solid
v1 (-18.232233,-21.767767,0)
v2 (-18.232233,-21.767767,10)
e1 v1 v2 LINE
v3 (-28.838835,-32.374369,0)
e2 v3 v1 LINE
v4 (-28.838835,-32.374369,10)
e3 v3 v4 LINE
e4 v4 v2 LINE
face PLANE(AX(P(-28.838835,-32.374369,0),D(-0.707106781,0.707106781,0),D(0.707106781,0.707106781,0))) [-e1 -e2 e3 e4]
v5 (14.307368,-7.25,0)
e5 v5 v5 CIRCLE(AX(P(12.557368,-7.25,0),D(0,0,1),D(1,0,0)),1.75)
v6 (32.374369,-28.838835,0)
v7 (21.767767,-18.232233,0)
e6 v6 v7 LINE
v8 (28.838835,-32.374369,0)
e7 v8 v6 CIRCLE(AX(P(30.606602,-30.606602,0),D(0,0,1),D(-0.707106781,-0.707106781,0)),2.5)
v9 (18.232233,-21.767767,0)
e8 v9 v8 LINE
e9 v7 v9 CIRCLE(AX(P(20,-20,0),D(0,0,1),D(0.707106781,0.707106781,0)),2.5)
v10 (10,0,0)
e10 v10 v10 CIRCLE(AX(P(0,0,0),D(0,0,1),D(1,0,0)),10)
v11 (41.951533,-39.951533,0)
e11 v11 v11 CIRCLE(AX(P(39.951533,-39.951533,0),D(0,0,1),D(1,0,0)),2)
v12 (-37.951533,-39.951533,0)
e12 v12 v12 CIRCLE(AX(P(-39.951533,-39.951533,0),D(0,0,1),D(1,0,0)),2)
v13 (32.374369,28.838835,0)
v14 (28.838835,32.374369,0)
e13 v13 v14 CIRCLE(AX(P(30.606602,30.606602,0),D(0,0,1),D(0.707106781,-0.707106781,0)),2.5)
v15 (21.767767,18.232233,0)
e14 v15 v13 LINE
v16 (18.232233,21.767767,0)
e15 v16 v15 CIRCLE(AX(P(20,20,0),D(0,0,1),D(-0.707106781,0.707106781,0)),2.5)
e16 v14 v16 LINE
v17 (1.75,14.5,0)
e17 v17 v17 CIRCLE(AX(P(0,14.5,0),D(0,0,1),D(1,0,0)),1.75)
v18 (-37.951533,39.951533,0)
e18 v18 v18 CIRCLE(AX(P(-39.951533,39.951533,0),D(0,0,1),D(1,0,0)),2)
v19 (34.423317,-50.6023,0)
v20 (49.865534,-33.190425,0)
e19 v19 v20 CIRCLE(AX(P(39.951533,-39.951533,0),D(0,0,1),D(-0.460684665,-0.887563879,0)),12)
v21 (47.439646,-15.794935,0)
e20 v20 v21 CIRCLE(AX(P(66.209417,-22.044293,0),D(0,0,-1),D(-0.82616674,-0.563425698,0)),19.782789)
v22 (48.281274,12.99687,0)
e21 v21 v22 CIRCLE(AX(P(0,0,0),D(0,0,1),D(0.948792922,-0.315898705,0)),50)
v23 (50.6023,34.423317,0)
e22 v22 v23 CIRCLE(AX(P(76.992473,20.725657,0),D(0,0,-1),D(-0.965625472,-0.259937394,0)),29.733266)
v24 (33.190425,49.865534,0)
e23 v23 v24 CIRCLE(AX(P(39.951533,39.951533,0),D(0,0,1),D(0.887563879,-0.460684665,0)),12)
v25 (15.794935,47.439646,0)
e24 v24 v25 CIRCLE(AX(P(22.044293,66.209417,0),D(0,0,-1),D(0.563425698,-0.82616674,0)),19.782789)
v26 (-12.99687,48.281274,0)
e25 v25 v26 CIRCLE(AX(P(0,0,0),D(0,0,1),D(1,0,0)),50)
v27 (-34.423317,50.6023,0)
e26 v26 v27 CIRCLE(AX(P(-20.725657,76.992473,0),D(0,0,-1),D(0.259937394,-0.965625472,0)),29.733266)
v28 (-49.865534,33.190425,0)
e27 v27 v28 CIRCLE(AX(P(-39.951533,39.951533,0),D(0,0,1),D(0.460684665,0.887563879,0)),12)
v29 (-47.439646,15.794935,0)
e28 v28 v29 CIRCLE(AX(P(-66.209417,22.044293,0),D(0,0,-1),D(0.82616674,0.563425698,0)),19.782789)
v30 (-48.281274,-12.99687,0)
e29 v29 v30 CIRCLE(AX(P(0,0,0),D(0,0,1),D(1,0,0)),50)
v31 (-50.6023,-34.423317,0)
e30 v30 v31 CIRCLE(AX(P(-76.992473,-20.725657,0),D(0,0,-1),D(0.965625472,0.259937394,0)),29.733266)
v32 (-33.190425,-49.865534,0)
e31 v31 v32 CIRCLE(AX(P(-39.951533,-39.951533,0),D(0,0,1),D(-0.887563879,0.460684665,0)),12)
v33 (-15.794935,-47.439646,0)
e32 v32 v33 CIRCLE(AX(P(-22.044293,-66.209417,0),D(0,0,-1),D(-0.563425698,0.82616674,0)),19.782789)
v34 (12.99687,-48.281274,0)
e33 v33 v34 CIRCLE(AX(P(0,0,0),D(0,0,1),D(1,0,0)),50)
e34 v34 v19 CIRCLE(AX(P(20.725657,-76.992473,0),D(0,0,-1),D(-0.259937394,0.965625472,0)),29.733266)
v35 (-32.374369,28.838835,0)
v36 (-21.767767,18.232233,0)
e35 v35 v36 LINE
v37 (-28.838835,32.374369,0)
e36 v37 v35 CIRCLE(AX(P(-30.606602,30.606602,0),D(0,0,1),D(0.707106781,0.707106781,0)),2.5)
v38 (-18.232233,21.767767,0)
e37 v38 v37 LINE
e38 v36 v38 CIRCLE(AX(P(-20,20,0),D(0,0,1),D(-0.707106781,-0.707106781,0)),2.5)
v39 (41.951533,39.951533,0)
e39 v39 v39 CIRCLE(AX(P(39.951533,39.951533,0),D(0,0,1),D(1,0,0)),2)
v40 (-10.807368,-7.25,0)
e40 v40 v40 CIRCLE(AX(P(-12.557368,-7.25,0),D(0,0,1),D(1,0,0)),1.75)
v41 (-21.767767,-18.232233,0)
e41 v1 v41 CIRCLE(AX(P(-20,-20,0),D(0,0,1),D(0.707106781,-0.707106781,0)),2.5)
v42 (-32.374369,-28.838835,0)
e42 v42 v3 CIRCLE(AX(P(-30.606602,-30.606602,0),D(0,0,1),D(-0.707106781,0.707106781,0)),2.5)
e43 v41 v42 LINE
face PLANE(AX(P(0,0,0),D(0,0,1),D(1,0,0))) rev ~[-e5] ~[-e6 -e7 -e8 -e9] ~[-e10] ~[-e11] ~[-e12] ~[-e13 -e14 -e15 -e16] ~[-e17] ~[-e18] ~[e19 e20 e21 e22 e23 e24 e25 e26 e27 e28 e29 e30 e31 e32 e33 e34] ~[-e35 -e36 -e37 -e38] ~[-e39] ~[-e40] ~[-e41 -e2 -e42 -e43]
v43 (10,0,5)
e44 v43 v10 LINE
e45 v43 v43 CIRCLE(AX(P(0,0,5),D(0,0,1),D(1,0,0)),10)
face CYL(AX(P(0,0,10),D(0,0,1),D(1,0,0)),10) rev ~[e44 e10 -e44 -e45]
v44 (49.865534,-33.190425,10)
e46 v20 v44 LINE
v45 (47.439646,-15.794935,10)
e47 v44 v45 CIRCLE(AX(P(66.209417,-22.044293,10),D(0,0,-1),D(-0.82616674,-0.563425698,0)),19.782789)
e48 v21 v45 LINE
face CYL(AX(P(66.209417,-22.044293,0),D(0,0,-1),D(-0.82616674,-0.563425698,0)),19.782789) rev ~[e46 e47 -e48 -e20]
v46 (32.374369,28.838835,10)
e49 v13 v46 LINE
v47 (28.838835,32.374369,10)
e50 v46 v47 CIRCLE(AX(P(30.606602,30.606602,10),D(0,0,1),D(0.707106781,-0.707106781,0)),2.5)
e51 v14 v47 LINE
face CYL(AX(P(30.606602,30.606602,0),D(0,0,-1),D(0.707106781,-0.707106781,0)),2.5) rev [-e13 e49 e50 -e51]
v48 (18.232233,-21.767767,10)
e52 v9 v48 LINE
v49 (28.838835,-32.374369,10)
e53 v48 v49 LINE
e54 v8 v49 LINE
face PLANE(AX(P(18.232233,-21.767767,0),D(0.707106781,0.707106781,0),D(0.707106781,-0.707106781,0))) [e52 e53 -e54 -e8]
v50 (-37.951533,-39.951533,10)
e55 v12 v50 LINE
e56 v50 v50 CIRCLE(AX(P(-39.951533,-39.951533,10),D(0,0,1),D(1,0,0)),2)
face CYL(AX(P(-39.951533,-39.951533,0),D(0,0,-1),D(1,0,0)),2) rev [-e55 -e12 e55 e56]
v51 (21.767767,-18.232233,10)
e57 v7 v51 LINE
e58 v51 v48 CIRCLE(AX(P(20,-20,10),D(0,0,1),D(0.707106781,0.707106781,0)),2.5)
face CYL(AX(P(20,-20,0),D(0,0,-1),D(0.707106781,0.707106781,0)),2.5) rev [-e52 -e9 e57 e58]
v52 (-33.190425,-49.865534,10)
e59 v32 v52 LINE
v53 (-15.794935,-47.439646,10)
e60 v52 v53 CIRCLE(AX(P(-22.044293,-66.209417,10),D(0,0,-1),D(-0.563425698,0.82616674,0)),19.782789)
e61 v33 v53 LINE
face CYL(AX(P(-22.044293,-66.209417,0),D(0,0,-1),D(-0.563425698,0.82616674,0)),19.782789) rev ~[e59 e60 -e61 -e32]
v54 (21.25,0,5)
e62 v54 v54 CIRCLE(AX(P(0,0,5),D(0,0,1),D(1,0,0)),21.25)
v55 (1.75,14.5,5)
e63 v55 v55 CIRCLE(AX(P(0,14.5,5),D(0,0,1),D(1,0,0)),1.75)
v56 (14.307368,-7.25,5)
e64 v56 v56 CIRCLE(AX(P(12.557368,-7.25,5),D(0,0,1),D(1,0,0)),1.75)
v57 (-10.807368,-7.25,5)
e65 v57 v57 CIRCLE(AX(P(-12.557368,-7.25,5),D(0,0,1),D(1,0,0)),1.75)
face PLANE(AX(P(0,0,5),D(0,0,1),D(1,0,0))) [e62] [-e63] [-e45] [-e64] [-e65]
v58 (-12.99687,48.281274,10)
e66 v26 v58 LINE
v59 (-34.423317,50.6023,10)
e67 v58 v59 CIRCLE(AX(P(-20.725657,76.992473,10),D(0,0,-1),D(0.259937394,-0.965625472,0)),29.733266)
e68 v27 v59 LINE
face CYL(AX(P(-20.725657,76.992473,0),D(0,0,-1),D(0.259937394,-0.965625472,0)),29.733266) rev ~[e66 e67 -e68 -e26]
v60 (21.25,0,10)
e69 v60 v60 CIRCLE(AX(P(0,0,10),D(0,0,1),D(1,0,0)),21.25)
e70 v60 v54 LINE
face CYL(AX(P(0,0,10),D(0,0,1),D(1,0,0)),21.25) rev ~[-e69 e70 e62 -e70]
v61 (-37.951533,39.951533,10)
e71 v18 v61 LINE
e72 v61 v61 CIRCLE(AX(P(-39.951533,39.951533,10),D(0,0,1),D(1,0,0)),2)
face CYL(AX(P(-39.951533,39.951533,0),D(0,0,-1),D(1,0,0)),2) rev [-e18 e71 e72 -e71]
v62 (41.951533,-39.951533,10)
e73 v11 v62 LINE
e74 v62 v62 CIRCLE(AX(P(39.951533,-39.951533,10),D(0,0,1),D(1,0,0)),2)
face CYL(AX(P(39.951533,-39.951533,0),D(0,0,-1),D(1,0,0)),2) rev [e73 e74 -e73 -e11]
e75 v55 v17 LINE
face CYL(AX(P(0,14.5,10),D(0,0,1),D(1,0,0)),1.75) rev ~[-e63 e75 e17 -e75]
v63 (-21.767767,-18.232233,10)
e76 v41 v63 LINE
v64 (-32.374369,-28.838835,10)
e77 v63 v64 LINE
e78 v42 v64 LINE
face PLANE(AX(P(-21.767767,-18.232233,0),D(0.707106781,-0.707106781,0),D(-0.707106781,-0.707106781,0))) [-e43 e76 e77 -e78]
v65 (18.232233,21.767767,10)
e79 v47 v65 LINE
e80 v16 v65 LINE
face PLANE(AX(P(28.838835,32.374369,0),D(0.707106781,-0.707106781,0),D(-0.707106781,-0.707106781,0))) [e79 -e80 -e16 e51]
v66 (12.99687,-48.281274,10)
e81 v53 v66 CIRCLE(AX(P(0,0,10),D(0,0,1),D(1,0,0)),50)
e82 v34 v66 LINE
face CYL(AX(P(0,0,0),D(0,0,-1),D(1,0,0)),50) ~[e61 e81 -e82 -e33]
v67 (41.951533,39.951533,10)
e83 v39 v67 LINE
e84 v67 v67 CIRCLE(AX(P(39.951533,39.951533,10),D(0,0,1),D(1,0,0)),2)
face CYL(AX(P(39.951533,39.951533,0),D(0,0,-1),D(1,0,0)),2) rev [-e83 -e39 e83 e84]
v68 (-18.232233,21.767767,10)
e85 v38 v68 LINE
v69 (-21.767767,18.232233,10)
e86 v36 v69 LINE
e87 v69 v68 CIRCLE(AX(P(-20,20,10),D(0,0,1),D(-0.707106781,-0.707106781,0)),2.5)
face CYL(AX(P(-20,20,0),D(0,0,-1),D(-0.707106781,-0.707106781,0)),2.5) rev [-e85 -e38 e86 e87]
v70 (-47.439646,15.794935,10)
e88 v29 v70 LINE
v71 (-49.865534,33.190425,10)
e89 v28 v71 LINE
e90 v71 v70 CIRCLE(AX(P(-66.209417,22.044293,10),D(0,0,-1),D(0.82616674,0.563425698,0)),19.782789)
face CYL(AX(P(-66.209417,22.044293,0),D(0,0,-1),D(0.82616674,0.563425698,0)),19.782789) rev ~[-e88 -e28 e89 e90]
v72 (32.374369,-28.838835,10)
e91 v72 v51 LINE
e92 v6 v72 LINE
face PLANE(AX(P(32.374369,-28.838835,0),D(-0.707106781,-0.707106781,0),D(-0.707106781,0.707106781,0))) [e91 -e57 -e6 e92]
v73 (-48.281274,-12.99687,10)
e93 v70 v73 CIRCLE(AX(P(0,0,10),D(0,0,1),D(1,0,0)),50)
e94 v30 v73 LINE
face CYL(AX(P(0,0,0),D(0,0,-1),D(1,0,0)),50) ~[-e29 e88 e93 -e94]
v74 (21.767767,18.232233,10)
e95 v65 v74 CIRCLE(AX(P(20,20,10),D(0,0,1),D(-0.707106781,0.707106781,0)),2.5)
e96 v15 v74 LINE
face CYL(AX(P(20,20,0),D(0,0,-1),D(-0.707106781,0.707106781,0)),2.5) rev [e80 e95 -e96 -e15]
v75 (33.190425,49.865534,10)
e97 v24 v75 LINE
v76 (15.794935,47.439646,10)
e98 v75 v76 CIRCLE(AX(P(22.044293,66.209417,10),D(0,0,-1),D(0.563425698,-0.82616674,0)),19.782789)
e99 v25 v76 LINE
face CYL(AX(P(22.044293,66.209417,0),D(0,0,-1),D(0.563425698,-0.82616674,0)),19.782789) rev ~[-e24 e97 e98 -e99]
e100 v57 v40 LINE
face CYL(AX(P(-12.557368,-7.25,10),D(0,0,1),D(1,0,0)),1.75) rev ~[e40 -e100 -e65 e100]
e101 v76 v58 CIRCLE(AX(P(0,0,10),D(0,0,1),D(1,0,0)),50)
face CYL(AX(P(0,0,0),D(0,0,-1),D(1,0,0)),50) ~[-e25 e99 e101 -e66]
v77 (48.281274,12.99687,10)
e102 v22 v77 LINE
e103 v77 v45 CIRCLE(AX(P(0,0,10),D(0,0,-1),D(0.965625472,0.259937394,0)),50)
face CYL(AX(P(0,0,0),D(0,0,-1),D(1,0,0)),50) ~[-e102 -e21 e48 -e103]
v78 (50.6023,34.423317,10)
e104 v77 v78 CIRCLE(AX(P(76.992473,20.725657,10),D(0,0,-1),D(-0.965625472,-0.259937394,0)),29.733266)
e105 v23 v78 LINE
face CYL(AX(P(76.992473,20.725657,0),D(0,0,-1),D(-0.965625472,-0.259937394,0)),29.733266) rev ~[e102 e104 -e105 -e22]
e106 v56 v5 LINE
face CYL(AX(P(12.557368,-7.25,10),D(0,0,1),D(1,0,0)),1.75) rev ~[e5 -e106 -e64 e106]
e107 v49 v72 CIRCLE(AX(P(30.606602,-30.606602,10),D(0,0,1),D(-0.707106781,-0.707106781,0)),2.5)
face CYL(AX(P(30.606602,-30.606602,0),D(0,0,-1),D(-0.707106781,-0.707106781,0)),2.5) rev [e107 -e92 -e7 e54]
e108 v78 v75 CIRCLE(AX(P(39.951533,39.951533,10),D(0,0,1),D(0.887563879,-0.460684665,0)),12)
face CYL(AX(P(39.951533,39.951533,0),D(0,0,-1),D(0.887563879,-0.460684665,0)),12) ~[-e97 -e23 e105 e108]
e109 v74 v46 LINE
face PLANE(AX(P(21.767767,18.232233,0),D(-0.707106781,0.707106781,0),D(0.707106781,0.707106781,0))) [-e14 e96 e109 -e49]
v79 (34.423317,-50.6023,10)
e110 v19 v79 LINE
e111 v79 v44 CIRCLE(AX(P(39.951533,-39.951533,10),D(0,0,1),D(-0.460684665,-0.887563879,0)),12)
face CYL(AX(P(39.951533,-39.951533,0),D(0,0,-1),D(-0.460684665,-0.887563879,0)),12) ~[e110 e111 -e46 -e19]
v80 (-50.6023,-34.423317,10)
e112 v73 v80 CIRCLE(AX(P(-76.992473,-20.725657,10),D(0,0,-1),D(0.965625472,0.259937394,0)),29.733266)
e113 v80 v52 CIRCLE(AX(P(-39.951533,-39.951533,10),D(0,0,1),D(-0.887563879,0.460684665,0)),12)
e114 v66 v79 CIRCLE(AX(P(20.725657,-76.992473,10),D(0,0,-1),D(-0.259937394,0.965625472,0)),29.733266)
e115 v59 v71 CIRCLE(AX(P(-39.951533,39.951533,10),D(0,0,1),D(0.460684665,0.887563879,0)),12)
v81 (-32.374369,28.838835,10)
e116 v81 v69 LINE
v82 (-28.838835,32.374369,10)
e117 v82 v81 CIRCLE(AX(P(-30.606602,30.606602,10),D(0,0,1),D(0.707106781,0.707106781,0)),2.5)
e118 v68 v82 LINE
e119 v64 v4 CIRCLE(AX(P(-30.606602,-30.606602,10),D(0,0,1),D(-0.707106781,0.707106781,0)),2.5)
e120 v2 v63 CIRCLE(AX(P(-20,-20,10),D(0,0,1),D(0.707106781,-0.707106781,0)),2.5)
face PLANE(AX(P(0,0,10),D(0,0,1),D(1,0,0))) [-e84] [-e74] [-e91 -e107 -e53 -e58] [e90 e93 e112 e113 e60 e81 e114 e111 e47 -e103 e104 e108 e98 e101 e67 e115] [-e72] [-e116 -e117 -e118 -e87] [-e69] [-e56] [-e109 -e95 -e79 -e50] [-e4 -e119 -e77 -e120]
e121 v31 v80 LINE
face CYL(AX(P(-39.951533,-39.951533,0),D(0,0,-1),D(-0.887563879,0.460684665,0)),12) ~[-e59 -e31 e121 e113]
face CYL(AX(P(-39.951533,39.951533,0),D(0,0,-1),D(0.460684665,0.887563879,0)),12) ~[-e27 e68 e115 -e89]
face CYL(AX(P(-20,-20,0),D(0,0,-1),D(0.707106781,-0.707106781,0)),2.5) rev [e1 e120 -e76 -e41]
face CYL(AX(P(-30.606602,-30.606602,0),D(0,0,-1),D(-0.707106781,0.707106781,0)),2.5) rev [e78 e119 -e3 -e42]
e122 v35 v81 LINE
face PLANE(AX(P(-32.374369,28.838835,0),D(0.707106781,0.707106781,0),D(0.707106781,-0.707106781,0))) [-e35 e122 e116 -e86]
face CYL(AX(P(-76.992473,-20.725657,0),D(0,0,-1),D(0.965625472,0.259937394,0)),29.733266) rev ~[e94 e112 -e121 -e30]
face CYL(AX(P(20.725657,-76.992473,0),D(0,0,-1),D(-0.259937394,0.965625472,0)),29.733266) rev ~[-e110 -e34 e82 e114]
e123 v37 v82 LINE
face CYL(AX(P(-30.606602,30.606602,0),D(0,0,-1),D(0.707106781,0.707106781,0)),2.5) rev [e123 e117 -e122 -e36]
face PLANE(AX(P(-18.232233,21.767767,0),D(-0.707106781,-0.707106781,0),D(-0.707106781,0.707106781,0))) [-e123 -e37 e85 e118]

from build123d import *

# Parameters (mm, degrees)
SKETCH2_R           = 2
BOSS_EXTRUDE1_DEPTH = 10
SKETCH3_R           = 21.25
SKETCH3_R_2         = 1.75
SKETCH3_R_3         = 10
CUT_EXTRUDE1_DEPTH  = 5
SKETCH3_2_R         = 1.75
CUT_EXTRUDE2_DEPTH  = 75.1479844
SKETCH3_3_R         = 10
CUT_EXTRUDE3_DEPTH  = 75.1479844


with BuildPart() as part:
    # Sketch2 → Boss-Extrude1 (new body)
    with BuildSketch(Plane.XY):
        with BuildLine():
            ThreePointArc((47.439646086, -15.794935239), (49.978651673, -1.460950691), (48.281273579, 12.996869684))
            ThreePointArc((48.281273579, 12.996869684), (47.432136683, 23.927789331), (50.602299686, 34.423317157))
            ThreePointArc((50.602299686, 34.423317157), (47.913811427, 48.929401728), (33.190424757, 49.865534018))
            ThreePointArc((33.190424757, 49.865534018), (24.776660442, 46.616230999), (15.794935239, 47.439646086))
            ThreePointArc((15.794935239, 47.439646086), (1.460950691, 49.978651673), (-12.996869684, 48.281273579))
            ThreePointArc((-12.996869684, 48.281273579), (-23.927789331, 47.432136683), (-34.423317157, 50.602299686))
            ThreePointArc((-34.423317157, 50.602299686), (-48.929401728, 47.913811427), (-49.865534018, 33.190424757))
            ThreePointArc((-49.865534018, 33.190424757), (-46.616230999, 24.776660442), (-47.439646086, 15.794935239))
            ThreePointArc((-47.439646086, 15.794935239), (-49.978651673, 1.460950691), (-48.281273579, -12.996869684))
            ThreePointArc((-48.281273579, -12.996869684), (-47.432136683, -23.927789331), (-50.602299686, -34.423317157))
            ThreePointArc((-50.602299686, -34.423317157), (-47.913811427, -48.929401728), (-33.190424757, -49.865534018))
            ThreePointArc((-33.190424757, -49.865534018), (-24.776660442, -46.616230999), (-15.794935239, -47.439646086))
            ThreePointArc((-15.794935239, -47.439646086), (-1.460950691, -49.978651673), (12.996869684, -48.281273579))
            ThreePointArc((12.996869684, -48.281273579), (23.927789331, -47.432136683), (34.423317157, -50.602299686))
            ThreePointArc((34.423317157, -50.602299686), (48.929401728, -47.913811427), (49.865534018, -33.190424757))
            ThreePointArc((49.865534018, -33.190424757), (46.616230999, -24.776660442), (47.439646086, -15.794935239))
        make_face()
        with BuildLine():
            ThreePointArc((-28.838834765, -32.374368671), (-32.374368671, -32.374368671), (-32.374368671, -28.838834765))
            Line((-32.374368671, -28.838834765), (-21.767766953, -18.232233047))
            ThreePointArc((-21.767766953, -18.232233047), (-18.232233047, -18.232233047), (-18.232233047, -21.767766953))
            Line((-18.232233047, -21.767766953), (-28.838834765, -32.374368671))
        make_face(mode=Mode.SUBTRACT)
        with BuildLine():
            ThreePointArc((32.374368671, -28.838834765), (32.374368671, -32.374368671), (28.838834765, -32.374368671))
            Line((28.838834765, -32.374368671), (18.232233047, -21.767766953))
            ThreePointArc((18.232233047, -21.767766953), (18.232233047, -18.232233047), (21.767766953, -18.232233047))
            Line((21.767766953, -18.232233047), (32.374368671, -28.838834765))
        make_face(mode=Mode.SUBTRACT)
        with BuildLine():
            ThreePointArc((-32.374368671, 28.838834765), (-32.374368671, 32.374368671), (-28.838834765, 32.374368671))
            Line((-28.838834765, 32.374368671), (-18.232233047, 21.767766953))
            ThreePointArc((-18.232233047, 21.767766953), (-18.232233047, 18.232233047), (-21.767766953, 18.232233047))
            Line((-21.767766953, 18.232233047), (-32.374368671, 28.838834765))
        make_face(mode=Mode.SUBTRACT)
        with BuildLine():
            ThreePointArc((28.838834765, 32.374368671), (32.374368671, 32.374368671), (32.374368671, 28.838834765))
            Line((32.374368671, 28.838834765), (21.767766953, 18.232233047))
            ThreePointArc((21.767766953, 18.232233047), (18.232233047, 18.232233047), (18.232233047, 21.767766953))
            Line((18.232233047, 21.767766953), (28.838834765, 32.374368671))
        make_face(mode=Mode.SUBTRACT)
        with Locations((39.951533137, -39.951533137)):
            Circle(SKETCH2_R, mode=Mode.SUBTRACT)
        with Locations((-39.951533137, -39.951533137)):
            Circle(SKETCH2_R, mode=Mode.SUBTRACT)
        with Locations((-39.951533137, 39.951533137)):
            Circle(SKETCH2_R, mode=Mode.SUBTRACT)
        with Locations((39.951533137, 39.951533137)):
            Circle(SKETCH2_R, mode=Mode.SUBTRACT)
    extrude(amount=BOSS_EXTRUDE1_DEPTH)

    # Sketch3 → Cut-Extrude1 (cut)
    with BuildSketch(Plane.XY.offset(10)):
        Circle(SKETCH3_R)
        with Locations((0, 14.5)):
            Circle(SKETCH3_R_2, mode=Mode.SUBTRACT)
        with Locations((12.557368355, -7.25)):
            Circle(SKETCH3_R_2, mode=Mode.SUBTRACT)
        with Locations((-12.557368355, -7.25)):
            Circle(SKETCH3_R_2, mode=Mode.SUBTRACT)
        Circle(SKETCH3_R_3, mode=Mode.SUBTRACT)
    extrude(amount=-CUT_EXTRUDE1_DEPTH, mode=Mode.SUBTRACT)

    # Sketch3<2> → Cut-Extrude2 (cut, through all)
    with BuildSketch(Plane.XY.offset(10)):
        with Locations((0, 14.5)):
            Circle(SKETCH3_2_R)
        with Locations((12.557368355, -7.25)):
            Circle(SKETCH3_2_R)
        with Locations((-12.557368355, -7.25)):
            Circle(SKETCH3_2_R)
    extrude(amount=-CUT_EXTRUDE2_DEPTH, mode=Mode.SUBTRACT)

    # Sketch3<3> → Cut-Extrude3 (cut, through all)
    with BuildSketch(Plane.XY.offset(10)):
        Circle(SKETCH3_3_R)
    extrude(amount=-CUT_EXTRUDE3_DEPTH, mode=Mode.SUBTRACT)


solid = part.part
